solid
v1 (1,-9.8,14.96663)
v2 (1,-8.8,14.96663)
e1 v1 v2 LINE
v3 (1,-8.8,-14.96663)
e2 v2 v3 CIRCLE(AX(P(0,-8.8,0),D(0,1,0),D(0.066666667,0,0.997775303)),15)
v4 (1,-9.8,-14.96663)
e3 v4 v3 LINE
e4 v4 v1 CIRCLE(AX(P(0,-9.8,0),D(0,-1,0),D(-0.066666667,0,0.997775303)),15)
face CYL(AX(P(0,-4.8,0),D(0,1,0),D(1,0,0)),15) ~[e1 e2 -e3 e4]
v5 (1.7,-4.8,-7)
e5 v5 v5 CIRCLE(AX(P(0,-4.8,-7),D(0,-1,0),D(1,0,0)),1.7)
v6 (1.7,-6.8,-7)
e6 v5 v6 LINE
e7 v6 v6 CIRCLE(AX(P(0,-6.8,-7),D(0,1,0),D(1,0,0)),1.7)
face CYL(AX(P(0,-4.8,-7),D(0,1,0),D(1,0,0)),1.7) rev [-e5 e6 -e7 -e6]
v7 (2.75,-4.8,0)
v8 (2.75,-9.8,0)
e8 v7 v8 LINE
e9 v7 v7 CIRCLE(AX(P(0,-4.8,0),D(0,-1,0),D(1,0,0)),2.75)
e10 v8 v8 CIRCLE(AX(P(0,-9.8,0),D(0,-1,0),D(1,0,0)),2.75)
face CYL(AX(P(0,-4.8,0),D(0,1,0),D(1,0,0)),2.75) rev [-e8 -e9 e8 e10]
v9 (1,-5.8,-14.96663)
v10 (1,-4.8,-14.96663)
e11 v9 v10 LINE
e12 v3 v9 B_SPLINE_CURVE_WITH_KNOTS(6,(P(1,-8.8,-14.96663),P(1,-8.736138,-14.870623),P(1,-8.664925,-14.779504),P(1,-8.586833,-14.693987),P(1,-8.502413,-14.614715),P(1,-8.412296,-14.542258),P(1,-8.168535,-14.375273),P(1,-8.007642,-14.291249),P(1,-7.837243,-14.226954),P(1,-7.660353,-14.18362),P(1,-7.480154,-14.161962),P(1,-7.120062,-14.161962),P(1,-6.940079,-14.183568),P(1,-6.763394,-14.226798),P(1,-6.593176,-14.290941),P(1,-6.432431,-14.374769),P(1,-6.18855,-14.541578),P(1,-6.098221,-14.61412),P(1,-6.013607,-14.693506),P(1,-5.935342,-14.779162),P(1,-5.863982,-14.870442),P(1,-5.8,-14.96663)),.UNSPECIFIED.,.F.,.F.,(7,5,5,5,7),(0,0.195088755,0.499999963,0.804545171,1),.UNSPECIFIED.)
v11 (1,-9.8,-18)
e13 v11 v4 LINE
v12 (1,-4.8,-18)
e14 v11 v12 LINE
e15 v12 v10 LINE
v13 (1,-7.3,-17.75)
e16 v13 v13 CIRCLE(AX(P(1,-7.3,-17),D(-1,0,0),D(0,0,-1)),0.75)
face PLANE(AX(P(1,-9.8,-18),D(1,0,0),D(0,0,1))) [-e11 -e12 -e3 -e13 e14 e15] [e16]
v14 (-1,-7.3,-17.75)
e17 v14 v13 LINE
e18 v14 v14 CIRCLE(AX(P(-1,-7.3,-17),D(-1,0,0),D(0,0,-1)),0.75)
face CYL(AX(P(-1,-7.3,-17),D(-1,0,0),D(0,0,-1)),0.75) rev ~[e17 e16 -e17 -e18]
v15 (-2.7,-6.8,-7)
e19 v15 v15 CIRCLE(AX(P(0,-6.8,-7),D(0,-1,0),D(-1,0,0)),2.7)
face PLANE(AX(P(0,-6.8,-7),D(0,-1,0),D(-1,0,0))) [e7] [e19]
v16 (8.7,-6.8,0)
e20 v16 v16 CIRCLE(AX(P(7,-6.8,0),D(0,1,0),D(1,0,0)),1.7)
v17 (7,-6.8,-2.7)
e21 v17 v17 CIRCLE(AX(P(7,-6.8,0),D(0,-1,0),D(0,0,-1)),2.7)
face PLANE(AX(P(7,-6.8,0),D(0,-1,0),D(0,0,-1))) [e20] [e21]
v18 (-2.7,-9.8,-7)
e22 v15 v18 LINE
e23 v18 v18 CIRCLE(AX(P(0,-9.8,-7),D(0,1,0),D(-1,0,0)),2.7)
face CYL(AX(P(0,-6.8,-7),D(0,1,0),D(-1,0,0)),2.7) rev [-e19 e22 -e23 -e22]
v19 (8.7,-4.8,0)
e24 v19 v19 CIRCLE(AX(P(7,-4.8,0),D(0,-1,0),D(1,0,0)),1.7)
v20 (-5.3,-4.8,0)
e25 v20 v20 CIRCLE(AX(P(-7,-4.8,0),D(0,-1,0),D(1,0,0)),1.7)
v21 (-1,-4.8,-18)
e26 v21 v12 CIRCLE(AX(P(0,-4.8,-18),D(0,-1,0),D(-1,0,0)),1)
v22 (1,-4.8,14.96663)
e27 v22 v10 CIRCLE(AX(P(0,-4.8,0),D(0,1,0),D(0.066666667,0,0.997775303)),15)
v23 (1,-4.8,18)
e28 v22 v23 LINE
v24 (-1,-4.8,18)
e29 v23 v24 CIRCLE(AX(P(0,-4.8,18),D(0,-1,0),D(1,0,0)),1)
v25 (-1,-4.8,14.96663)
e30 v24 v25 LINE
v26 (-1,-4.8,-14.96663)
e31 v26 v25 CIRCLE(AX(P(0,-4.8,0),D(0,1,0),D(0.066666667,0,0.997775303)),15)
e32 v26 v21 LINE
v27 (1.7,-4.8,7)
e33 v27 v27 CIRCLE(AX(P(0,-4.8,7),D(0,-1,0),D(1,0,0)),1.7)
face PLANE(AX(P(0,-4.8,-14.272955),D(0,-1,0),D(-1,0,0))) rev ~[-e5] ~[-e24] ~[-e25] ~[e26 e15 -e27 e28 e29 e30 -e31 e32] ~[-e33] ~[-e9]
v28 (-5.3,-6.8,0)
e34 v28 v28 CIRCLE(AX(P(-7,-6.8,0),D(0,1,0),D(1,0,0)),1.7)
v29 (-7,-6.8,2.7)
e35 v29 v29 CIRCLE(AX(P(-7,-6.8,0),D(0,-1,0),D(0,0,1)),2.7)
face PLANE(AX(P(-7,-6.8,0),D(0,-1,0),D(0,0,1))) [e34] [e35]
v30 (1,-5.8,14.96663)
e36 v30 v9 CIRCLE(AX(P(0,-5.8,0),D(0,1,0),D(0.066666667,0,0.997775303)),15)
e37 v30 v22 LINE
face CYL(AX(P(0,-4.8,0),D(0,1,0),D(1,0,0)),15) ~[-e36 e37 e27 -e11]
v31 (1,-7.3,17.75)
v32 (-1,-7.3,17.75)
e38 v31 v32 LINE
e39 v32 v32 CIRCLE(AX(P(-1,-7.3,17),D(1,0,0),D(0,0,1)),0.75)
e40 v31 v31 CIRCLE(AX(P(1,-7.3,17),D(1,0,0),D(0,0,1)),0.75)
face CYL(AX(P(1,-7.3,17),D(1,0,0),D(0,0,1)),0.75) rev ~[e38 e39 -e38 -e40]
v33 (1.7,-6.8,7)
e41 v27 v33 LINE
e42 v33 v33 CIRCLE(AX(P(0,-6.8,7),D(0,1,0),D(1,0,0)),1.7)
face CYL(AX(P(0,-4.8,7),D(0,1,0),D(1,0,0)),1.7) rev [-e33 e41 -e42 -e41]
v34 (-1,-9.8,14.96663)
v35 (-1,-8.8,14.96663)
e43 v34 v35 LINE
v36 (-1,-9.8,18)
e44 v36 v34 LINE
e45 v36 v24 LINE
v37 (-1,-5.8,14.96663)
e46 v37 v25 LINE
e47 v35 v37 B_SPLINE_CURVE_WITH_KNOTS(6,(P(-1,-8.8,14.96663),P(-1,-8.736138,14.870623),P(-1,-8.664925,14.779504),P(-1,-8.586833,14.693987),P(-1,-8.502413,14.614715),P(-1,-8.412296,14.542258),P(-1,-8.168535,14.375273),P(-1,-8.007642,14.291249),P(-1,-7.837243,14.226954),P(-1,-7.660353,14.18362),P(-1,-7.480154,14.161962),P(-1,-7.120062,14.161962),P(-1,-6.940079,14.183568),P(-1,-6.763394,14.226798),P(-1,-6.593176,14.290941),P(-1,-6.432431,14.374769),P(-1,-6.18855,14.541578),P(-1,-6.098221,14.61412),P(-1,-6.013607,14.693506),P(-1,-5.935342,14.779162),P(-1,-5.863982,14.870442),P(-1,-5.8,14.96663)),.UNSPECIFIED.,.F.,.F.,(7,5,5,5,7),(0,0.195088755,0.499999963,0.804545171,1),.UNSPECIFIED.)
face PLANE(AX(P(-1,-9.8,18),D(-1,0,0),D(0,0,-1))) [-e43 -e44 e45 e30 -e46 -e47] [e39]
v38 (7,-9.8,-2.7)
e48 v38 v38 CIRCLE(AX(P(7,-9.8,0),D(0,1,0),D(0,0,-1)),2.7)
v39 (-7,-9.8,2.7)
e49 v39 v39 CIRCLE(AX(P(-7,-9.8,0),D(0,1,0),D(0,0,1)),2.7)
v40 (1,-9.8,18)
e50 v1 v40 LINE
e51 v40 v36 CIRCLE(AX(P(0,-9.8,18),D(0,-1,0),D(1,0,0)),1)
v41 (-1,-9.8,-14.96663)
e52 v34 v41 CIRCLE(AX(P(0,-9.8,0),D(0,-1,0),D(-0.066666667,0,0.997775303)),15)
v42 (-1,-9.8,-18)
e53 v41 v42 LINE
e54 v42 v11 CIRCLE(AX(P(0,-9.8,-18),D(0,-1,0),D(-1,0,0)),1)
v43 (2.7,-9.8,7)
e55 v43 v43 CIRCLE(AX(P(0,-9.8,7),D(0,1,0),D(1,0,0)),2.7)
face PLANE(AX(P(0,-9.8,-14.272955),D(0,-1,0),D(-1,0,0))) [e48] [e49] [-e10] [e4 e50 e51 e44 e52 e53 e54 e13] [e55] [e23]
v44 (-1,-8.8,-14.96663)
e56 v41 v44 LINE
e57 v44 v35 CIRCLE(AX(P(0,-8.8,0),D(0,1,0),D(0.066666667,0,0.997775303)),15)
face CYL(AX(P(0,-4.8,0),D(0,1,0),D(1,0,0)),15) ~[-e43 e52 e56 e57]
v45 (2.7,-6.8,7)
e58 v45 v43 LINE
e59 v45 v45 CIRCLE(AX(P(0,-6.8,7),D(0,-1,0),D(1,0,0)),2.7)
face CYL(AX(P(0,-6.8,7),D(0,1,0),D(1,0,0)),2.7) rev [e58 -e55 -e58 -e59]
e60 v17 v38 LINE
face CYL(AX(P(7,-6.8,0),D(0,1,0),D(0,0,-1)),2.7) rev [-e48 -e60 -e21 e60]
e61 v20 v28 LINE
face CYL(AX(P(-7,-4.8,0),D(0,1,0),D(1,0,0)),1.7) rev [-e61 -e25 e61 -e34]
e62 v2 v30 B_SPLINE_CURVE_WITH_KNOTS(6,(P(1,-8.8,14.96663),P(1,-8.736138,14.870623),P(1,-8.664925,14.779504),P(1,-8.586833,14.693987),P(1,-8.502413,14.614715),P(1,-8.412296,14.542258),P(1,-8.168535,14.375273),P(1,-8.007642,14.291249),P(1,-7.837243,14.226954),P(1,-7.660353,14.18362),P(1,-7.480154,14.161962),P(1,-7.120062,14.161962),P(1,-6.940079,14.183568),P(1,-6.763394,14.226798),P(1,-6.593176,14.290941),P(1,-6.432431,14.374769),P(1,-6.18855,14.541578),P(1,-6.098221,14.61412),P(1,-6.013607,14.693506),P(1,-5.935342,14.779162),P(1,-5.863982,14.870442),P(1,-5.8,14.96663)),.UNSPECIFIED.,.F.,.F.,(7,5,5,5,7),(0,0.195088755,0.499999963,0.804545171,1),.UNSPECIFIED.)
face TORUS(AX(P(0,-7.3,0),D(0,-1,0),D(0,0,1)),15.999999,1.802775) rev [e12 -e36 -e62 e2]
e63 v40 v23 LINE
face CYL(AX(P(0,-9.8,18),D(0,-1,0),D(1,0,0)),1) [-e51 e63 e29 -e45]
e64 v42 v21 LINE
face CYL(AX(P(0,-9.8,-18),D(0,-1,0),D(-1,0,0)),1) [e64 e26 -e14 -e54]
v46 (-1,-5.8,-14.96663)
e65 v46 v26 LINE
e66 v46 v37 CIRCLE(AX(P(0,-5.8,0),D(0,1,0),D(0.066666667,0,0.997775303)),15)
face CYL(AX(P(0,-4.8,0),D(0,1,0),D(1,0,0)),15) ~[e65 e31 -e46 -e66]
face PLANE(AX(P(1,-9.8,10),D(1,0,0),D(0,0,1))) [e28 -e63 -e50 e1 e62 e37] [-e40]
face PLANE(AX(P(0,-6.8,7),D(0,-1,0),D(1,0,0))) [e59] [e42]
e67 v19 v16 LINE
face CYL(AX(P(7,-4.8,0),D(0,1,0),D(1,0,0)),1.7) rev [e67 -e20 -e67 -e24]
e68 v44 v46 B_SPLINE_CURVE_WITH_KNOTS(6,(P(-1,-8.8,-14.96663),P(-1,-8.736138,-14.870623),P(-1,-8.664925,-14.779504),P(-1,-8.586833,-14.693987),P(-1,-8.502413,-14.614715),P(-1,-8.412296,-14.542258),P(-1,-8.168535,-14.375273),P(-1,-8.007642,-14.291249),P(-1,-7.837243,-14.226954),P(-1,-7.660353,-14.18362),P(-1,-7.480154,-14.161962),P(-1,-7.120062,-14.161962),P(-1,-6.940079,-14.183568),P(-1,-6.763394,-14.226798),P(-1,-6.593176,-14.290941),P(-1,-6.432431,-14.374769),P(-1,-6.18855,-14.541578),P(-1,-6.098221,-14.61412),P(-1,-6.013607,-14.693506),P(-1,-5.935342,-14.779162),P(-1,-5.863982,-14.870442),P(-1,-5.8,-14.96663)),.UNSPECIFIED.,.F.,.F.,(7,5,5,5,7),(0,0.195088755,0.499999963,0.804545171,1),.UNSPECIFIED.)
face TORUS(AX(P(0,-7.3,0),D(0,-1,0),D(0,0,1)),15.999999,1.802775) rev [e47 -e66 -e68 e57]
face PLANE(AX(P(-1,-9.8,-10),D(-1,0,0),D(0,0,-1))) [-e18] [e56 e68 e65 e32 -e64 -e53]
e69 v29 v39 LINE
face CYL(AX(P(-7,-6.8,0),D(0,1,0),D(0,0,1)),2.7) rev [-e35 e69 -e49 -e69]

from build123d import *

# Parameters (mm, degrees)
SKETCH015_R           = 15
SKETCH015_R_2         = 2.75
SKETCH015_R_3         = 1.7
PAD005_DEPTH          = 5
SKETCH016_R           = 2.7
POCKET011_DEPTH       = 88.441037
POLARPATTERN001_COUNT = 4
PAD008_DEPTH          = 5
SKETCH023_R           = 0.75
POCKET014_DEPTH       = 5
POLARPATTERN002_COUNT = 2


with BuildPart() as part:
    # Sketch015 → Pad005 (new body)
    with BuildSketch(Plane.XZ):
        Circle(SKETCH015_R)
        Circle(SKETCH015_R_2, mode=Mode.SUBTRACT)
        with Locations((0, 7)):
            Circle(SKETCH015_R_3, mode=Mode.SUBTRACT)
        with Locations((-7, 0)):
            Circle(SKETCH015_R_3, mode=Mode.SUBTRACT)
        with Locations((0, -7)):
            Circle(SKETCH015_R_3, mode=Mode.SUBTRACT)
        with Locations((7, 0)):
            Circle(SKETCH015_R_3, mode=Mode.SUBTRACT)
    extrude(amount=PAD005_DEPTH)

    # Sketch016 → Pocket011 (cut, through all)
    with BuildSketch(Plane.XZ.offset(2)):
        with Locations((0, 7)):
            Circle(SKETCH016_R)
    pocket011 = extrude(amount=POCKET011_DEPTH, mode=Mode.SUBTRACT)

    # PolarPattern001: Pocket011 ×4 about axis
    polarpattern001_axis = Axis((0, -2, 0), (0, -1, 0))
    for i in range(1, POLARPATTERN001_COUNT):
        add(pocket011.rotate(polarpattern001_axis, i * 360 / POLARPATTERN001_COUNT), mode=Mode.SUBTRACT)

    # Sketch021 → Groove001 (revolve, cut)
    with BuildSketch(Plane.YZ):
        with BuildLine():
            ThreePointArc((-4, 15), (-2.5, 14.197224), (-1, 15))
            Line((-4, 15), (-1, 15))
        make_face()
    revolve(axis=Axis((0, 0, 0), (0, 1, 0)), mode=Mode.SUBTRACT)

    # Sketch022 (on Face10 of Groove001) → Pad008 (join)
    with BuildSketch(Plane.XZ.offset(5)):
        with BuildLine():
            ThreePointArc((1, 18), (0, 19), (-1, 18))
            Line((-1, 18), (-1, 10))
            Line((-1, 10), (1, 10))
            Line((1, 10), (1, 18))
        make_face()
    pad008 = extrude(amount=-PAD008_DEPTH)

    # Sketch023 (on Face6 of Pad008) → Pocket014 (cut)
    with BuildSketch(Plane(origin=(1, 0, 0), x_dir=(0, 0, 1), z_dir=(1, 0, 0))):
        with Locations((17, 2.5)):
            Circle(SKETCH023_R)
    pocket014 = extrude(amount=-POCKET014_DEPTH, mode=Mode.SUBTRACT)

    # PolarPattern002: Pad008, Pocket014 ×2 about axis
    polarpattern002_axis = Axis((0, -5, 0), (0, -1, 0))
    for i in range(1, POLARPATTERN002_COUNT):
        add(pad008.rotate(polarpattern002_axis, i * 360 / POLARPATTERN002_COUNT))
        add(pocket014.rotate(polarpattern002_axis, i * 360 / POLARPATTERN002_COUNT), mode=Mode.SUBTRACT)


with BuildPart() as part_1:
    # Body004 placement: moved
    add(part.part.moved(Location((0, -4.8, 0))))


solid = part_1.part
